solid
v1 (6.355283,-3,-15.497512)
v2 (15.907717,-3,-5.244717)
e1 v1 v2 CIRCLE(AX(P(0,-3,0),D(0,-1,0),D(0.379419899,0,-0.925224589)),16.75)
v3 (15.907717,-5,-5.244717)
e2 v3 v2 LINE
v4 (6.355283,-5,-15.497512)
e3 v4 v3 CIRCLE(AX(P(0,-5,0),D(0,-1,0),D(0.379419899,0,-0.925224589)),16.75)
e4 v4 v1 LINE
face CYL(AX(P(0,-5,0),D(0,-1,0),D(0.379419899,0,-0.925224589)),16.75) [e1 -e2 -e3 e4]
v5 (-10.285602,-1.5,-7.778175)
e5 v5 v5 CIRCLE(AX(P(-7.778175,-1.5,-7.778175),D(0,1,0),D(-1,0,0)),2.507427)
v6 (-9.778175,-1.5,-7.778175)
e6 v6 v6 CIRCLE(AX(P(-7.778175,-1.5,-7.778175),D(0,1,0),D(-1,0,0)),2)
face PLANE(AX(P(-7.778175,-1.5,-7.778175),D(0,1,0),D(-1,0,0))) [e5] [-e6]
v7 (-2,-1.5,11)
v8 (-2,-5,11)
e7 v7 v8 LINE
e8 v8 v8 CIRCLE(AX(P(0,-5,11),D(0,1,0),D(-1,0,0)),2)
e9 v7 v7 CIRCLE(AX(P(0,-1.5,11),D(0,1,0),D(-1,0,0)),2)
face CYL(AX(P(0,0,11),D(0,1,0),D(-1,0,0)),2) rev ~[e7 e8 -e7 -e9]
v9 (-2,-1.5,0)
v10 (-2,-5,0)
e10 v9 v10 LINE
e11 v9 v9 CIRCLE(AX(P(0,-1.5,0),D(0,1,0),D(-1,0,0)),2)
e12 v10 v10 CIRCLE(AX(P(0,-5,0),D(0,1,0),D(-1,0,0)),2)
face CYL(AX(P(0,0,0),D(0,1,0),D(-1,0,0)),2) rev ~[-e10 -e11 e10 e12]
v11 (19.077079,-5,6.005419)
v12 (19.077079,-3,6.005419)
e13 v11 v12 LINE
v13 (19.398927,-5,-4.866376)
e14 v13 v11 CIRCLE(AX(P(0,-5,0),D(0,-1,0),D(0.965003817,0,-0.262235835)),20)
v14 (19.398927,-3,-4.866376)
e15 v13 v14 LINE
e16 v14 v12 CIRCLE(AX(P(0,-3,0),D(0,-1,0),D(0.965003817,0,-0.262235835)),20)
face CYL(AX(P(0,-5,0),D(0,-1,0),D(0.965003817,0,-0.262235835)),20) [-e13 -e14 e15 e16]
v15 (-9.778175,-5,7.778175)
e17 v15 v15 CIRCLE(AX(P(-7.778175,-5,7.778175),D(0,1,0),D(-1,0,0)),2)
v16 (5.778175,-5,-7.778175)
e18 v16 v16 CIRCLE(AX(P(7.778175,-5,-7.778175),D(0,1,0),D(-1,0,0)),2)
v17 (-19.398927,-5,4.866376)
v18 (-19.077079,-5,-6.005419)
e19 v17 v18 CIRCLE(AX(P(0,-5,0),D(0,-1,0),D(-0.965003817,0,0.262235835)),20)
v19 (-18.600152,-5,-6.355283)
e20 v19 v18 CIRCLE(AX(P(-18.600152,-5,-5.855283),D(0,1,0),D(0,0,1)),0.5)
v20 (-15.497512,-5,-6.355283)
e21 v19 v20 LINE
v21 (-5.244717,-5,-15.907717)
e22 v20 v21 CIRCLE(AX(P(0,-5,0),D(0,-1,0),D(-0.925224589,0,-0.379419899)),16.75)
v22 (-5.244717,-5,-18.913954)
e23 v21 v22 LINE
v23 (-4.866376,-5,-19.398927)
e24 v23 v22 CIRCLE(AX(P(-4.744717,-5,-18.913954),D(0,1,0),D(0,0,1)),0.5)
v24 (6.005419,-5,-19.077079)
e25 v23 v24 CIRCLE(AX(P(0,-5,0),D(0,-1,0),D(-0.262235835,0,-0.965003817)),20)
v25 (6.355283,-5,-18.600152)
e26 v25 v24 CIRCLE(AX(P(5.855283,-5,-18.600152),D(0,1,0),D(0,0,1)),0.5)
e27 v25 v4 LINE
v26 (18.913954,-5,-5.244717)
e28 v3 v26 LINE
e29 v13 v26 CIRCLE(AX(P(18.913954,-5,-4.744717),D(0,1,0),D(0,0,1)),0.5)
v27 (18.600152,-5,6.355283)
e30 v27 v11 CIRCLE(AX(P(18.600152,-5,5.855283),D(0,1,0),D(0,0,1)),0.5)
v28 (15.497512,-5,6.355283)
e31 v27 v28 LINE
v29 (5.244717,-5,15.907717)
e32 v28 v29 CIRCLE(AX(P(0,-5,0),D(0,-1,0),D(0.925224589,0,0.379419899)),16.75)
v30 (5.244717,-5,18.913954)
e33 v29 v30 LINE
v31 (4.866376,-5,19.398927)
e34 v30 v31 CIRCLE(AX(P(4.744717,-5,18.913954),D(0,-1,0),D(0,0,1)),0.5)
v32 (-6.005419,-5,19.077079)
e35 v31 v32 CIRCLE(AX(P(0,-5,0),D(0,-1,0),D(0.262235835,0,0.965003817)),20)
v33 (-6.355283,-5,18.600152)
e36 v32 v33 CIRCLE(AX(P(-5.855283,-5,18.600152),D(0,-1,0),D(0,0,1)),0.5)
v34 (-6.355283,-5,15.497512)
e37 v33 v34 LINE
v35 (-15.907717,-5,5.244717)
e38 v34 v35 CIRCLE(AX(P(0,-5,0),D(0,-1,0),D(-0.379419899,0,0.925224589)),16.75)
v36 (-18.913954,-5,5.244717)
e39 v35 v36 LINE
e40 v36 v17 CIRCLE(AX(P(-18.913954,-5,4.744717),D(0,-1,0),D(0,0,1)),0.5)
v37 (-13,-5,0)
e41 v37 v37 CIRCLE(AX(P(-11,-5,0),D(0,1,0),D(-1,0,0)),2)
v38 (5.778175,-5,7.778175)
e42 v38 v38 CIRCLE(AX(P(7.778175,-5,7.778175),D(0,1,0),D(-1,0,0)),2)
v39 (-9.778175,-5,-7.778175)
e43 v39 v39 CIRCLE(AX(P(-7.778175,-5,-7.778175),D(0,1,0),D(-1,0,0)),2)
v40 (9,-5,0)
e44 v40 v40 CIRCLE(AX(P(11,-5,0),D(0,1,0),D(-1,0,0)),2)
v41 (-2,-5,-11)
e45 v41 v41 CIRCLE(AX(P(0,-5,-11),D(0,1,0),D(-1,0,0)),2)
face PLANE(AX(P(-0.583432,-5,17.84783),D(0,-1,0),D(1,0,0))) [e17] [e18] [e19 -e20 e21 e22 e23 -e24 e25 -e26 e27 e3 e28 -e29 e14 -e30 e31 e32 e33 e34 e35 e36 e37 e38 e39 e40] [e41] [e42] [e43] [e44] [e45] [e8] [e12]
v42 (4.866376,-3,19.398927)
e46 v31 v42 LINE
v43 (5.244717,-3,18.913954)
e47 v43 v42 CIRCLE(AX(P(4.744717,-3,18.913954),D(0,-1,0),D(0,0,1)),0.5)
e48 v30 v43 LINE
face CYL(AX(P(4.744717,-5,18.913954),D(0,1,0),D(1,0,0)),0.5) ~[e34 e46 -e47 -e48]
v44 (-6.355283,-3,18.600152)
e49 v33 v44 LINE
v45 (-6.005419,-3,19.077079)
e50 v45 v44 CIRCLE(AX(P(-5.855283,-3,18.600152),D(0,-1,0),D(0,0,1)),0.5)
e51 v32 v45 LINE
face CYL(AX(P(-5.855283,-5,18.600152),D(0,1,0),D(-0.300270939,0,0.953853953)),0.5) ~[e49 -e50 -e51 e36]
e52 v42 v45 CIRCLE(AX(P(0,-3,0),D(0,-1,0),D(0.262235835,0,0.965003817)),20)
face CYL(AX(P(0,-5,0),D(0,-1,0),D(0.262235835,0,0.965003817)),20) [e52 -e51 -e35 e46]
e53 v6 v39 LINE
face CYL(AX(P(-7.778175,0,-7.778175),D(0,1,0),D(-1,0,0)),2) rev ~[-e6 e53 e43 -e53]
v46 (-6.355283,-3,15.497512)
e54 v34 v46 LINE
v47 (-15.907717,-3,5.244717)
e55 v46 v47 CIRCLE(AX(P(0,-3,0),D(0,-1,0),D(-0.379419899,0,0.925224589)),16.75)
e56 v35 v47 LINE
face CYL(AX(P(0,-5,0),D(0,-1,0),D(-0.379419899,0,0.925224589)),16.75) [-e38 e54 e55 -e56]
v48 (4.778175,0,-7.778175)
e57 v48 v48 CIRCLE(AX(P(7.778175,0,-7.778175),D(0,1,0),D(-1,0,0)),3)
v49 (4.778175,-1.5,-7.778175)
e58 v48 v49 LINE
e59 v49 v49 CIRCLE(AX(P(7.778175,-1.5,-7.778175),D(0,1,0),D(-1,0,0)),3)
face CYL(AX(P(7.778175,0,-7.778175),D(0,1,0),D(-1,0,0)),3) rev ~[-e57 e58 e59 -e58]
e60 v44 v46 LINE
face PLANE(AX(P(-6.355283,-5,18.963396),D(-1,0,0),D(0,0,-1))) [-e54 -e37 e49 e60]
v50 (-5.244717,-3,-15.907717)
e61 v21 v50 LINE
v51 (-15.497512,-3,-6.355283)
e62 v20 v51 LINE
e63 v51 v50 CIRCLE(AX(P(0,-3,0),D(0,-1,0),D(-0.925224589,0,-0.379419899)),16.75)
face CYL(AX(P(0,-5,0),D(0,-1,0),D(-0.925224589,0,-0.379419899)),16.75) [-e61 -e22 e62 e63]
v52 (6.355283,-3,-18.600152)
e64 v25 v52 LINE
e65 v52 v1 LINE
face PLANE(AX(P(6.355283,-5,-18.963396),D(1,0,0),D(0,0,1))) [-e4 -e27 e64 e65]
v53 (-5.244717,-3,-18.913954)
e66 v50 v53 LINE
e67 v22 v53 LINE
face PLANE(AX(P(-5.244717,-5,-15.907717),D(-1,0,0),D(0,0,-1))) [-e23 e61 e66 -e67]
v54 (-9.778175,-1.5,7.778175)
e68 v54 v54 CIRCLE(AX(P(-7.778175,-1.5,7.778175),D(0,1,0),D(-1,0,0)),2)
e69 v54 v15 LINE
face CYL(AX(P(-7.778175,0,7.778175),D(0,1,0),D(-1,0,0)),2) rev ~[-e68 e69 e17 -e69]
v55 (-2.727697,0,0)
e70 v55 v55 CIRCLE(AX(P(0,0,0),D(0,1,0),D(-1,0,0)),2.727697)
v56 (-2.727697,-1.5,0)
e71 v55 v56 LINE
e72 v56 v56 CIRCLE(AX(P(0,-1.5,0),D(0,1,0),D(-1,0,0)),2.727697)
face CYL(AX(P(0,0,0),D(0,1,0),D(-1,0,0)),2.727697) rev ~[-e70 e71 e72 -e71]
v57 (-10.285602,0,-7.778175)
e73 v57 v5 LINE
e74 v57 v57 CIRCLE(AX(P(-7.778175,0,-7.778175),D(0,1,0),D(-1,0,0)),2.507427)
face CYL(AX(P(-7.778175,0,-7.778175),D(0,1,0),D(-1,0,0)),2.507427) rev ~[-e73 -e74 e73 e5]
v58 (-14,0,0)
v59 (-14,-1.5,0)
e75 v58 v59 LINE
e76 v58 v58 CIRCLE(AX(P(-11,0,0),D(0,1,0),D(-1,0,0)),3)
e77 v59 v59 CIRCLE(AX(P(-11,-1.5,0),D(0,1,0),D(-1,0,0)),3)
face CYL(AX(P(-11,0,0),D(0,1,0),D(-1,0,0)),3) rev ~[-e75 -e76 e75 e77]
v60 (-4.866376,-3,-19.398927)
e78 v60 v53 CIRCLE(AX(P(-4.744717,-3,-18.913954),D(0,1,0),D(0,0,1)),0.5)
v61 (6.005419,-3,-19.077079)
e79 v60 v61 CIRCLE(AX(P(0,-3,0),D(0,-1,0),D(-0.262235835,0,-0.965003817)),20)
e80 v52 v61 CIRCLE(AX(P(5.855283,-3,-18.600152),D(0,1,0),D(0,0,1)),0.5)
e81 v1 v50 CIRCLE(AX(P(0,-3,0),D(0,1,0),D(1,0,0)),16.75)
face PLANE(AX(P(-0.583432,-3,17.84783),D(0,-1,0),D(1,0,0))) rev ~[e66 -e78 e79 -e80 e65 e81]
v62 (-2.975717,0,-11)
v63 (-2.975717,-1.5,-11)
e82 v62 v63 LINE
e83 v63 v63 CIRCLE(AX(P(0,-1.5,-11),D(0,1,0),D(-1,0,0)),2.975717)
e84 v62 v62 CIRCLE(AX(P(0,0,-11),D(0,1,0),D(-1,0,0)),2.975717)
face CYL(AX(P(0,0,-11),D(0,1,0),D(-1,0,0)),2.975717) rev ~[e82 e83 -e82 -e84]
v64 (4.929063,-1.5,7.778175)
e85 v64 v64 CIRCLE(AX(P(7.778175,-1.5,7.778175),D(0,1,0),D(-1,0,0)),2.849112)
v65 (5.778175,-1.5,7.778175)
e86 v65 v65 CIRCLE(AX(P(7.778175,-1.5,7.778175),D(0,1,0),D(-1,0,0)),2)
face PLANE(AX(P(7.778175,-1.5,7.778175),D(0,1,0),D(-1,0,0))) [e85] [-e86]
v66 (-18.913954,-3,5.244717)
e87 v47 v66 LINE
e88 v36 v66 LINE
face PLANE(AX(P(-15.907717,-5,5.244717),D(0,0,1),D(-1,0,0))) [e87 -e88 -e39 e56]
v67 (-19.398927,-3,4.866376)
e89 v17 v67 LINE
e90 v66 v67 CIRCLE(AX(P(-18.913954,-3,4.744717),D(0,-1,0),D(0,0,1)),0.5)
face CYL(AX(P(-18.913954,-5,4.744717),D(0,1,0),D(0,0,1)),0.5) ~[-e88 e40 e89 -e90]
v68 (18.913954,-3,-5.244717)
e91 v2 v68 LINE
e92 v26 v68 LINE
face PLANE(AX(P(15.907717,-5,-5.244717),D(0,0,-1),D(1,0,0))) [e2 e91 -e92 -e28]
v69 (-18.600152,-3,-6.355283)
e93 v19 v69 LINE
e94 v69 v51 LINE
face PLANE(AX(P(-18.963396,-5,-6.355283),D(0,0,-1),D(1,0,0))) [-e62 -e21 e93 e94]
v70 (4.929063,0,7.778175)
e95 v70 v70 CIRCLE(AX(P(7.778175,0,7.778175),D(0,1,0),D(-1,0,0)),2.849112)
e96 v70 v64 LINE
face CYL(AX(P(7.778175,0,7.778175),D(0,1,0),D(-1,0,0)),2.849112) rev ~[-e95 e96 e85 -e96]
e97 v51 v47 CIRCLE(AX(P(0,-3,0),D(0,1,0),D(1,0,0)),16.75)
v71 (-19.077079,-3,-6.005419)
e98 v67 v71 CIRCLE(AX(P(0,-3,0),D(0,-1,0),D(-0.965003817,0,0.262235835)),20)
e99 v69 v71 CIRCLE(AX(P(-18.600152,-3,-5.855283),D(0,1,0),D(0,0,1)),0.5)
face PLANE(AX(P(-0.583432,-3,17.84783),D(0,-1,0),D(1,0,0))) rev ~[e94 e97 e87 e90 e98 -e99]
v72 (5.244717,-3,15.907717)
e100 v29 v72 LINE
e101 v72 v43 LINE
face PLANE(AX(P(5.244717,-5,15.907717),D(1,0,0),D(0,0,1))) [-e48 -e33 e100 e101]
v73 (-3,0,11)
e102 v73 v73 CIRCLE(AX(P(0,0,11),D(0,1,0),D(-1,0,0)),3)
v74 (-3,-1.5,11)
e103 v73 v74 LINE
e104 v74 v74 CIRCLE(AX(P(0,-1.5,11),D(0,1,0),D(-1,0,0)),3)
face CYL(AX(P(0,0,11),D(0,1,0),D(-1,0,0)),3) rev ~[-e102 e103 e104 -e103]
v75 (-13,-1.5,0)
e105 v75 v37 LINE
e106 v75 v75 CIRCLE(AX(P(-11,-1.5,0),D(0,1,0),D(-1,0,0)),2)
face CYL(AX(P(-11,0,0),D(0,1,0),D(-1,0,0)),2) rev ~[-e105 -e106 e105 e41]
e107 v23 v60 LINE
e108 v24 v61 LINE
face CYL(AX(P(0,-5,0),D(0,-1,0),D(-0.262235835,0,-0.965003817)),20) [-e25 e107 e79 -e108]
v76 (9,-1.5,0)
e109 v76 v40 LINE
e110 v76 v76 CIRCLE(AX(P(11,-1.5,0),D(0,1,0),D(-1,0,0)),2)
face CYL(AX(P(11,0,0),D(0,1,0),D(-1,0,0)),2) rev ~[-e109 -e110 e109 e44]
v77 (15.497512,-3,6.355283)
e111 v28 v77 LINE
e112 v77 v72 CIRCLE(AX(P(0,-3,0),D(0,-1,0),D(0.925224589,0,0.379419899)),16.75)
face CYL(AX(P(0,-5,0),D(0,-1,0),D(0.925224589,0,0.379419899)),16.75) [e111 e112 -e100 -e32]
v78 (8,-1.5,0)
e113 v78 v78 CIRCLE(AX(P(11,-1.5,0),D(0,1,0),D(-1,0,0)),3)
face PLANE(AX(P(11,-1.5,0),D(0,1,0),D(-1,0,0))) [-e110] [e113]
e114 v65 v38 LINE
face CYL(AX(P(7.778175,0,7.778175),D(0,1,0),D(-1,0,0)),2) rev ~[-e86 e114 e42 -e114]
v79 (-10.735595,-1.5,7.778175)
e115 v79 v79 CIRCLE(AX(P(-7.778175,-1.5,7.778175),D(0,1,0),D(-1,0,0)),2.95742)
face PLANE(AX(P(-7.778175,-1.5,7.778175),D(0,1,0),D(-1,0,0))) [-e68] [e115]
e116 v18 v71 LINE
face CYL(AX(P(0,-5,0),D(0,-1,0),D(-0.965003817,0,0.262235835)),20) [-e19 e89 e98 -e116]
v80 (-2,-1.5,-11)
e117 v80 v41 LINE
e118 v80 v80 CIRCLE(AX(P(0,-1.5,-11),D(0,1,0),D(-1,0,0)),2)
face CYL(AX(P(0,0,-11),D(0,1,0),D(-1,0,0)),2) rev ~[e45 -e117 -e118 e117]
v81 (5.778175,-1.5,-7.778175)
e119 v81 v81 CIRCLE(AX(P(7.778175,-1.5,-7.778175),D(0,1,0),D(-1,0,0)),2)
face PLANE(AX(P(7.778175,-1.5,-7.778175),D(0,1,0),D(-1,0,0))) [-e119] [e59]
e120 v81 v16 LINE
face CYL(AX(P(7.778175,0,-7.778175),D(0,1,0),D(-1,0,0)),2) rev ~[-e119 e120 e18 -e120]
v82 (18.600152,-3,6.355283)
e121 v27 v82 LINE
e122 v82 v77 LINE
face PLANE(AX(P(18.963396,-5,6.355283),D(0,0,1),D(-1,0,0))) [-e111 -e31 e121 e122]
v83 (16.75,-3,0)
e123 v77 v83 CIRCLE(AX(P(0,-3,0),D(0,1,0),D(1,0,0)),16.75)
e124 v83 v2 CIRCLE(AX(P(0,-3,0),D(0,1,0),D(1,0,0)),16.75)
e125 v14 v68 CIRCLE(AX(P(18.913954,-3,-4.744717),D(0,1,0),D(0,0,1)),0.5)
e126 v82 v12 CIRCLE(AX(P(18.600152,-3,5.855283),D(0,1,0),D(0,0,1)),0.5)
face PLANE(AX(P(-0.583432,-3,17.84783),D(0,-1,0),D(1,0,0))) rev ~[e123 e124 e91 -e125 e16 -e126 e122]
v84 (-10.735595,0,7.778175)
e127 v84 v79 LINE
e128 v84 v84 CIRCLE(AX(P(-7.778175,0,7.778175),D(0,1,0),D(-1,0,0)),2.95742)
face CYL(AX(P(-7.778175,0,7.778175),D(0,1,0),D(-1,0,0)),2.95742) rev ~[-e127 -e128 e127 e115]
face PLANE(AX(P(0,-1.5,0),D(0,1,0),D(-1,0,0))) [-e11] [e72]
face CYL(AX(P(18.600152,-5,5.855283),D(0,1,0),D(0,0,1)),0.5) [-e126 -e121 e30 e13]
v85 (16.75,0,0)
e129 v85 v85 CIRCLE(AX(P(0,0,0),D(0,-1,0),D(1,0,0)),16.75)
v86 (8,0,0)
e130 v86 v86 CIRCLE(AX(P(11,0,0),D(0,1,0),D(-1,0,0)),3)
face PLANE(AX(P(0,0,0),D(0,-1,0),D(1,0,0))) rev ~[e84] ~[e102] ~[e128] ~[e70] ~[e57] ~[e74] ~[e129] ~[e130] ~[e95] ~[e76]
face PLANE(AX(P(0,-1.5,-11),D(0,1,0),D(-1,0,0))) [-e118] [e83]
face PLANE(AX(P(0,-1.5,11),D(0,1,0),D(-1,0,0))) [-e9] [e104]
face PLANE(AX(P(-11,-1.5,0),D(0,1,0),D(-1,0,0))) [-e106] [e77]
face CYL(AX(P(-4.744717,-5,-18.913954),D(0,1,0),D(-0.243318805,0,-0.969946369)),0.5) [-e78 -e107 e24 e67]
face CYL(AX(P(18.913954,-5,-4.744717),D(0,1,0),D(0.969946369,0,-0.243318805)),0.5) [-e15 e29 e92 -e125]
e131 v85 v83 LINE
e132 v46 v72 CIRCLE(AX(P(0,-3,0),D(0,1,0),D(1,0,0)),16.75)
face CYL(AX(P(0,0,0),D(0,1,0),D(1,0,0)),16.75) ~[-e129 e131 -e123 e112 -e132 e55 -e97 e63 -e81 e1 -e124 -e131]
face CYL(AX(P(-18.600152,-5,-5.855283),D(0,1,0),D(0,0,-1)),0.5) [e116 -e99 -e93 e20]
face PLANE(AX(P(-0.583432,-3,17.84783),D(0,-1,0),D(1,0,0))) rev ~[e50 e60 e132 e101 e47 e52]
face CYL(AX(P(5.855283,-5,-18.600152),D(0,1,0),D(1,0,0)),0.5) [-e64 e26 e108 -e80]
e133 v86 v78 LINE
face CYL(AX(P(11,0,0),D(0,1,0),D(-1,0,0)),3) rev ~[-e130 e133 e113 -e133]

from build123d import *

# Parameters (mm, degrees)
F0_R     = 16.75
F1_DEPTH = 5
F3_DEPTH = 2
F4_R     = 2
F5_DEPTH = 5
F6_R     = 2.8491120017
F6_R_2   = 3
F6_R_3   = 2.9757166717
F6_R_4   = 2.5074273039
F6_R_5   = 2.7276966812
F6_R_6   = 2.9574204399
F7_DEPTH = 1.5
F8_R     = 0.5


with BuildPart() as f1:
    # F0 (on Front) → F1 (new body)
    with BuildSketch(Plane.XZ):
        Circle(F0_R)
    extrude(amount=F1_DEPTH)

    # F2 (on face) → F3 (join)
    with BuildSketch(Plane.XZ.offset(5)):
        with BuildLine():
            Line((5.2447166905, 15.9077165815), (5.2447166905, 19.3000763428))
            ThreePointArc((5.2447166905, 19.3000763428), (-0.5802396301, 19.9915812774), (-6.3552833095, 18.9633956362))
            Line((-6.3552833095, 18.9633956362), (-6.3552833095, 15.4975118666))
            ThreePointArc((-6.3552833095, 15.4975118666), (-0.5919514598, 16.7395368356), (5.2447166905, 15.9077165815))
        make_face()
        with BuildLine():
            ThreePointArc((15.4975118666, 6.3552833095), (11.418067119, 12.2552129017), (5.2447166905, 15.9077165815))
            ThreePointArc((5.2447166905, 15.9077165815), (-0.5919514598, 16.7395368356), (-6.3552833095, 15.4975118666))
            ThreePointArc((-6.3552833095, 15.4975118666), (-12.2552129017, 11.418067119), (-15.9077165815, 5.2447166905))
            ThreePointArc((-15.9077165815, 5.2447166905), (-16.7395368356, -0.5919514598), (-15.4975118666, -6.3552833095))
            ThreePointArc((-15.4975118666, -6.3552833095), (-11.418067119, -12.2552129017), (-5.2447166905, -15.9077165815))
            ThreePointArc((-5.2447166905, -15.9077165815), (0.5919514598, -16.7395368356), (6.3552833095, -15.4975118666))
            ThreePointArc((6.3552833095, -15.4975118666), (12.2552129017, -11.418067119), (15.9077165815, -5.2447166905))
            ThreePointArc((15.9077165815, -5.2447166905), (16.5380886553, -2.6559600205), (16.75, 0))
            ThreePointArc((16.75, 0), (16.4338952133, 3.2387633623), (15.4975118666, 6.3552833095))
        make_face()
        with BuildLine():
            Line((18.9633956362, 6.3552833095), (15.4975118666, 6.3552833095))
            ThreePointArc((15.4975118666, 6.3552833095), (16.4338952133, 3.2387633623), (16.75, 0))
            ThreePointArc((16.75, 0), (16.5380886553, -2.6559600205), (15.9077165815, -5.2447166905))
            Line((15.9077165815, -5.2447166905), (19.3000763428, -5.2447166905))
            ThreePointArc((19.3000763428, -5.2447166905), (19.9915812774, 0.5802396301), (18.9633956362, 6.3552833095))
        make_face()
        with BuildLine():
            ThreePointArc((-15.4975118666, -6.3552833095), (-16.7395368356, -0.5919514598), (-15.9077165815, 5.2447166905))
            Line((-15.9077165815, 5.2447166905), (-19.3000763428, 5.2447166905))
            ThreePointArc((-19.3000763428, 5.2447166905), (-19.9915812774, -0.5802396301), (-18.9633956362, -6.3552833095))
            Line((-18.9633956362, -6.3552833095), (-15.4975118666, -6.3552833095))
        make_face()
        with BuildLine():
            ThreePointArc((6.3552833095, -15.4975118666), (0.5919514598, -16.7395368356), (-5.2447166905, -15.9077165815))
            Line((-5.2447166905, -15.9077165815), (-5.2447166905, -19.3000763428))
            ThreePointArc((-5.2447166905, -19.3000763428), (0.5802396301, -19.9915812774), (6.3552833095, -18.9633956362))
            Line((6.3552833095, -18.9633956362), (6.3552833095, -15.4975118666))
        make_face()
    extrude(amount=-F3_DEPTH)

    # F4 (on face) → F5 (cut, through all)
    with BuildSketch(Plane(origin=(0, 0, 0), x_dir=(-1, 0, 0), z_dir=(0, 1, 0))):
        with Locations((-7.7781745931, 7.7781745931)):
            Circle(F4_R)
        with Locations((-11, 0)):
            Circle(F4_R)
        with Locations((-7.7781745931, -7.7781745931)):
            Circle(F4_R)
        with Locations((0, -11)):
            Circle(F4_R)
        with Locations((7.7781745931, -7.7781745931)):
            Circle(F4_R)
        with Locations((11, 0)):
            Circle(F4_R)
        with Locations((7.7781745931, 7.7781745931)):
            Circle(F4_R)
        Circle(F4_R)
        with Locations((0, 11)):
            Circle(F4_R)
    extrude(amount=-F5_DEPTH, mode=Mode.SUBTRACT)

    # F6 (on face) → F7 (cut)
    with BuildSketch(Plane(origin=(0, 0, 0), x_dir=(-1, 0, 0), z_dir=(0, 1, 0))):
        with Locations((-7.7781745931, 7.7781745931)):
            Circle(F6_R)
        with Locations((-11, 0)):
            Circle(F6_R_2)
        with Locations((-7.7781745931, -7.7781745931)):
            Circle(F6_R_2)
        with Locations((0, -11)):
            Circle(F6_R_3)
        with Locations((7.7781745931, -7.7781745931)):
            Circle(F6_R_4)
        with Locations((11, 0)):
            Circle(F6_R_2)
        Circle(F6_R_5)
        with Locations((7.7781745931, 7.7781745931)):
            Circle(F6_R_6)
        with Locations((0, 11)):
            Circle(F6_R_2)
    extrude(amount=-F7_DEPTH, mode=Mode.SUBTRACT)

    # F8
    f8_edges = [f1.edges().sort_by_distance(p)[0] for p in [
        (5.244717, -4, 19.300076),
        (-6.355283, -4, 18.963396),
        (18.963396, -4, 6.355283),
        (-19.300076, -4, 5.244717),
        (19.300076, -4, -5.244717),
        (-18.963396, -4, -6.355283),
        (6.355283, -4, -18.963396),
        (-5.244717, -4, -19.300076),
    ]]
    fillet(f8_edges, radius=F8_R)


solid = f1.part
